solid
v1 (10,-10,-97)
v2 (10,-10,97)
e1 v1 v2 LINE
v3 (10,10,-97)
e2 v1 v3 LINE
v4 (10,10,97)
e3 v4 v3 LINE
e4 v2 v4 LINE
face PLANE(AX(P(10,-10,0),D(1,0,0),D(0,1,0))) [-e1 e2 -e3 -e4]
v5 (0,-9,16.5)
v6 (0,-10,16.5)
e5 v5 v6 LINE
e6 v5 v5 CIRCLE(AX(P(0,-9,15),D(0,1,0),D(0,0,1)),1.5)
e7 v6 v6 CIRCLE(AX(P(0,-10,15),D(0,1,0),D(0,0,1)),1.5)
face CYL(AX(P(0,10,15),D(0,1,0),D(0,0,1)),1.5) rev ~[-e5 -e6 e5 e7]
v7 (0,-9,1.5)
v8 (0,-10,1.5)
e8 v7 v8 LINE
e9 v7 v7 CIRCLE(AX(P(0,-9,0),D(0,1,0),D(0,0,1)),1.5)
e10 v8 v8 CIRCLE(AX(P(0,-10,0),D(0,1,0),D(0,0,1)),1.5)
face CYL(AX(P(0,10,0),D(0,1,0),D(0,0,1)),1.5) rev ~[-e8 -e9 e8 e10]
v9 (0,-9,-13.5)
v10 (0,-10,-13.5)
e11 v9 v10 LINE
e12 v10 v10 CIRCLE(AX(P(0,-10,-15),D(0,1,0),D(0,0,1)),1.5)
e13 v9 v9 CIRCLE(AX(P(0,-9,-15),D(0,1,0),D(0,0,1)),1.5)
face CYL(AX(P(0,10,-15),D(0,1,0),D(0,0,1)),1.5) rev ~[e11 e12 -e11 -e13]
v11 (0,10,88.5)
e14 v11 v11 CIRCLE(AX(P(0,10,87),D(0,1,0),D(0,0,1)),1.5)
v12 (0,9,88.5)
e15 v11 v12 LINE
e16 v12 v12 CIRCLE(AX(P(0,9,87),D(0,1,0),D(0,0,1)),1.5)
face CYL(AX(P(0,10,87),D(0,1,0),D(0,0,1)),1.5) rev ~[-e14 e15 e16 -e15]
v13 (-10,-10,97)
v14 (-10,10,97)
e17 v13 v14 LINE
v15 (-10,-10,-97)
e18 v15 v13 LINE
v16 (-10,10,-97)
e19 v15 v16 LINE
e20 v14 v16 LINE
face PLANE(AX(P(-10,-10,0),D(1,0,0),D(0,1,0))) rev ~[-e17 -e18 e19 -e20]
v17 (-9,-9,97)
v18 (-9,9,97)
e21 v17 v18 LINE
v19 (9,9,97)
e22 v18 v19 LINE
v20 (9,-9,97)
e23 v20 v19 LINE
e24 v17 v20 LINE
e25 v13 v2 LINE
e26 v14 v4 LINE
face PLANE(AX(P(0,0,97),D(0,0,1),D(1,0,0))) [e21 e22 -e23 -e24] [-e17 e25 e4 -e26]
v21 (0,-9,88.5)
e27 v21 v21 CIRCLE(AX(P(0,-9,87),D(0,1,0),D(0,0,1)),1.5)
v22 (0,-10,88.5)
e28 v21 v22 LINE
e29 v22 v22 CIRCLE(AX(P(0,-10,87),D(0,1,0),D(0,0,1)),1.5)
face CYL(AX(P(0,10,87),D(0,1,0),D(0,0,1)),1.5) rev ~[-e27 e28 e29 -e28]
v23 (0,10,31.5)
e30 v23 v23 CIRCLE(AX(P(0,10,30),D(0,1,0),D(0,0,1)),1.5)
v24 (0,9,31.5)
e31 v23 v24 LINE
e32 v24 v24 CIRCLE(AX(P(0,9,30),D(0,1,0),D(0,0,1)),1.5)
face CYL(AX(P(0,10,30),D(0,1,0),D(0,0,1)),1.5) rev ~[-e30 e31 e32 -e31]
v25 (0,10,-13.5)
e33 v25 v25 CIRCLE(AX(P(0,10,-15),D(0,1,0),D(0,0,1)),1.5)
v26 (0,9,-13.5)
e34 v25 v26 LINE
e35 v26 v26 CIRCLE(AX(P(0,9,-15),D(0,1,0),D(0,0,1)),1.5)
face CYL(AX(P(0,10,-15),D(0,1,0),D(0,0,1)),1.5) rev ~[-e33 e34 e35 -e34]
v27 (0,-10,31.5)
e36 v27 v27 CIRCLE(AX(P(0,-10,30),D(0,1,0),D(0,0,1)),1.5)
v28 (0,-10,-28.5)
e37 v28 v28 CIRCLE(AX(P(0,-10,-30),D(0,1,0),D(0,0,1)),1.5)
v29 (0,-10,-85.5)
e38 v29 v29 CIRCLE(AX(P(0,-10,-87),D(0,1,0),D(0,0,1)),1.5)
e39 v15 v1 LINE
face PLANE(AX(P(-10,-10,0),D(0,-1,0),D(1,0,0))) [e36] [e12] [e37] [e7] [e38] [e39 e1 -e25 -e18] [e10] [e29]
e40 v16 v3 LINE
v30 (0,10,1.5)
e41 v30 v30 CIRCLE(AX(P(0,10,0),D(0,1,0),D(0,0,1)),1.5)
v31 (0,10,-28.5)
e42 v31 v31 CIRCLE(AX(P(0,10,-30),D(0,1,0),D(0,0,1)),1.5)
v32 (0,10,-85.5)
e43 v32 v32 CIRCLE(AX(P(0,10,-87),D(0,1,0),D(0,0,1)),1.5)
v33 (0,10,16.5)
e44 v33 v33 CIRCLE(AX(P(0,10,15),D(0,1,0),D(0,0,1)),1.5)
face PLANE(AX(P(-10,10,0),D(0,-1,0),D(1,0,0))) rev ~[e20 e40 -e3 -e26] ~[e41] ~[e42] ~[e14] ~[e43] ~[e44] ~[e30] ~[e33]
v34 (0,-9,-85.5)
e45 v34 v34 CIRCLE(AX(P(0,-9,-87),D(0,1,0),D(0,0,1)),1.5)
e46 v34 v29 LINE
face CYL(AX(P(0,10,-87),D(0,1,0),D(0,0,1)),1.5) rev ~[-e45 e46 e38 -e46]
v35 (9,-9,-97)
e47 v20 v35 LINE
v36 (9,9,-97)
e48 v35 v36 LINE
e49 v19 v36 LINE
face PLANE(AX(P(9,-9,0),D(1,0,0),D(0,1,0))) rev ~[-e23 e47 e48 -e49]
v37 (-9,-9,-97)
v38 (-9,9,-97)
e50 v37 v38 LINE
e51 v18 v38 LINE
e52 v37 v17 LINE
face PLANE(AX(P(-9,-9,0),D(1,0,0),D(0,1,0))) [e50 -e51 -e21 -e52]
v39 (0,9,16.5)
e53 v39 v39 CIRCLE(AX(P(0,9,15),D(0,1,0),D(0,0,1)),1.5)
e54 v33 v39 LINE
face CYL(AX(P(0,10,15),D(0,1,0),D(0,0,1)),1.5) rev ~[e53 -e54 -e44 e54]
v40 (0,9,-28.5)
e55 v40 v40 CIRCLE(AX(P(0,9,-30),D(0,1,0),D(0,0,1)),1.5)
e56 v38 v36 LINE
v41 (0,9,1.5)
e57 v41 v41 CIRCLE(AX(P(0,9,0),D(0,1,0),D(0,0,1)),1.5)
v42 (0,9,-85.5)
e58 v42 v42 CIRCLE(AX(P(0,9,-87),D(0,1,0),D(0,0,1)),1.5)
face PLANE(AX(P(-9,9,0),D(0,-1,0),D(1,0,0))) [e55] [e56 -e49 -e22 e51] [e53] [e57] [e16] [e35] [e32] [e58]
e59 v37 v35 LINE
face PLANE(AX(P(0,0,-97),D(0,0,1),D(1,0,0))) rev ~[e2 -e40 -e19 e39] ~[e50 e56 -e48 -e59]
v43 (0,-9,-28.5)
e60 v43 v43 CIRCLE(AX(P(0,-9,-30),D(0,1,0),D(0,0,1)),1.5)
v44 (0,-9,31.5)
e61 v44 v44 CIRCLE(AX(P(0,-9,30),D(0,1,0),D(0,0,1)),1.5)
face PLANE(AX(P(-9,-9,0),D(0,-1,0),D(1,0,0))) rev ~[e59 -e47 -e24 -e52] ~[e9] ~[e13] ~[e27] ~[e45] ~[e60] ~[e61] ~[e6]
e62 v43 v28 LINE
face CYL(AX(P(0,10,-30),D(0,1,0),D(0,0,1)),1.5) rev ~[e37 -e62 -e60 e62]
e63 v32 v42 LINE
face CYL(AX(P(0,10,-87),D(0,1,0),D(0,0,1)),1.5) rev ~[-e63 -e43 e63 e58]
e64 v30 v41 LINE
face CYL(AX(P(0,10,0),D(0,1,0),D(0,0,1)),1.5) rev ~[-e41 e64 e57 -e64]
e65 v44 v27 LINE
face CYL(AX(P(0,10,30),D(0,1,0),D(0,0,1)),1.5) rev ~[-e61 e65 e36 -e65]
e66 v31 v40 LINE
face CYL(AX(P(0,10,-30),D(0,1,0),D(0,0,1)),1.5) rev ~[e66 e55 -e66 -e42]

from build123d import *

# Parameters (mm, degrees)
SKETCH_1_W          = 20
SKETCH_1_H          = 20
SKETCH_1_W_2        = 18
SKETCH_1_H_2        = 18
EXTRUDE_1_DEPTH     = 97
SKETCH_2_R          = 1.5
CUT_EXTRUDE_1_DEPTH = 166


with BuildPart() as part:
    # 草图1 → 凸台-拉伸1 (new, symmetric)
    with BuildSketch(Plane.XY):
        Rectangle(SKETCH_1_W, SKETCH_1_H)
        Rectangle(SKETCH_1_W_2, SKETCH_1_H_2, mode=Mode.SUBTRACT)
    extrude(amount=EXTRUDE_1_DEPTH, both=True)

    # 草图2 → 切除-拉伸1 (cut)
    with BuildSketch(Plane(origin=(0, 10, 0), x_dir=(1, 0, 0), z_dir=(0, 1, 0))):
        with Locations(Location((0, 87, 0), (0, 0, 270))):
            Circle(SKETCH_2_R)
        with Locations(Location((0, -87, 0), (0, 0, 270))):
            Circle(SKETCH_2_R)
        with Locations(Location((0, 0, 0), (0, 0, 270))):
            Circle(SKETCH_2_R)
        with Locations(Location((0, 15, 0), (0, 0, 270))):
            Circle(SKETCH_2_R)
        with Locations(Location((0, 30, 0), (0, 0, 270))):
            Circle(SKETCH_2_R)
        with Locations(Location((0, -30, 0), (0, 0, 270))):
            Circle(SKETCH_2_R)
        with Locations(Location((0, -15, 0), (0, 0, 270))):
            Circle(SKETCH_2_R)
    extrude(amount=-CUT_EXTRUDE_1_DEPTH, mode=Mode.SUBTRACT)


solid = part.part
